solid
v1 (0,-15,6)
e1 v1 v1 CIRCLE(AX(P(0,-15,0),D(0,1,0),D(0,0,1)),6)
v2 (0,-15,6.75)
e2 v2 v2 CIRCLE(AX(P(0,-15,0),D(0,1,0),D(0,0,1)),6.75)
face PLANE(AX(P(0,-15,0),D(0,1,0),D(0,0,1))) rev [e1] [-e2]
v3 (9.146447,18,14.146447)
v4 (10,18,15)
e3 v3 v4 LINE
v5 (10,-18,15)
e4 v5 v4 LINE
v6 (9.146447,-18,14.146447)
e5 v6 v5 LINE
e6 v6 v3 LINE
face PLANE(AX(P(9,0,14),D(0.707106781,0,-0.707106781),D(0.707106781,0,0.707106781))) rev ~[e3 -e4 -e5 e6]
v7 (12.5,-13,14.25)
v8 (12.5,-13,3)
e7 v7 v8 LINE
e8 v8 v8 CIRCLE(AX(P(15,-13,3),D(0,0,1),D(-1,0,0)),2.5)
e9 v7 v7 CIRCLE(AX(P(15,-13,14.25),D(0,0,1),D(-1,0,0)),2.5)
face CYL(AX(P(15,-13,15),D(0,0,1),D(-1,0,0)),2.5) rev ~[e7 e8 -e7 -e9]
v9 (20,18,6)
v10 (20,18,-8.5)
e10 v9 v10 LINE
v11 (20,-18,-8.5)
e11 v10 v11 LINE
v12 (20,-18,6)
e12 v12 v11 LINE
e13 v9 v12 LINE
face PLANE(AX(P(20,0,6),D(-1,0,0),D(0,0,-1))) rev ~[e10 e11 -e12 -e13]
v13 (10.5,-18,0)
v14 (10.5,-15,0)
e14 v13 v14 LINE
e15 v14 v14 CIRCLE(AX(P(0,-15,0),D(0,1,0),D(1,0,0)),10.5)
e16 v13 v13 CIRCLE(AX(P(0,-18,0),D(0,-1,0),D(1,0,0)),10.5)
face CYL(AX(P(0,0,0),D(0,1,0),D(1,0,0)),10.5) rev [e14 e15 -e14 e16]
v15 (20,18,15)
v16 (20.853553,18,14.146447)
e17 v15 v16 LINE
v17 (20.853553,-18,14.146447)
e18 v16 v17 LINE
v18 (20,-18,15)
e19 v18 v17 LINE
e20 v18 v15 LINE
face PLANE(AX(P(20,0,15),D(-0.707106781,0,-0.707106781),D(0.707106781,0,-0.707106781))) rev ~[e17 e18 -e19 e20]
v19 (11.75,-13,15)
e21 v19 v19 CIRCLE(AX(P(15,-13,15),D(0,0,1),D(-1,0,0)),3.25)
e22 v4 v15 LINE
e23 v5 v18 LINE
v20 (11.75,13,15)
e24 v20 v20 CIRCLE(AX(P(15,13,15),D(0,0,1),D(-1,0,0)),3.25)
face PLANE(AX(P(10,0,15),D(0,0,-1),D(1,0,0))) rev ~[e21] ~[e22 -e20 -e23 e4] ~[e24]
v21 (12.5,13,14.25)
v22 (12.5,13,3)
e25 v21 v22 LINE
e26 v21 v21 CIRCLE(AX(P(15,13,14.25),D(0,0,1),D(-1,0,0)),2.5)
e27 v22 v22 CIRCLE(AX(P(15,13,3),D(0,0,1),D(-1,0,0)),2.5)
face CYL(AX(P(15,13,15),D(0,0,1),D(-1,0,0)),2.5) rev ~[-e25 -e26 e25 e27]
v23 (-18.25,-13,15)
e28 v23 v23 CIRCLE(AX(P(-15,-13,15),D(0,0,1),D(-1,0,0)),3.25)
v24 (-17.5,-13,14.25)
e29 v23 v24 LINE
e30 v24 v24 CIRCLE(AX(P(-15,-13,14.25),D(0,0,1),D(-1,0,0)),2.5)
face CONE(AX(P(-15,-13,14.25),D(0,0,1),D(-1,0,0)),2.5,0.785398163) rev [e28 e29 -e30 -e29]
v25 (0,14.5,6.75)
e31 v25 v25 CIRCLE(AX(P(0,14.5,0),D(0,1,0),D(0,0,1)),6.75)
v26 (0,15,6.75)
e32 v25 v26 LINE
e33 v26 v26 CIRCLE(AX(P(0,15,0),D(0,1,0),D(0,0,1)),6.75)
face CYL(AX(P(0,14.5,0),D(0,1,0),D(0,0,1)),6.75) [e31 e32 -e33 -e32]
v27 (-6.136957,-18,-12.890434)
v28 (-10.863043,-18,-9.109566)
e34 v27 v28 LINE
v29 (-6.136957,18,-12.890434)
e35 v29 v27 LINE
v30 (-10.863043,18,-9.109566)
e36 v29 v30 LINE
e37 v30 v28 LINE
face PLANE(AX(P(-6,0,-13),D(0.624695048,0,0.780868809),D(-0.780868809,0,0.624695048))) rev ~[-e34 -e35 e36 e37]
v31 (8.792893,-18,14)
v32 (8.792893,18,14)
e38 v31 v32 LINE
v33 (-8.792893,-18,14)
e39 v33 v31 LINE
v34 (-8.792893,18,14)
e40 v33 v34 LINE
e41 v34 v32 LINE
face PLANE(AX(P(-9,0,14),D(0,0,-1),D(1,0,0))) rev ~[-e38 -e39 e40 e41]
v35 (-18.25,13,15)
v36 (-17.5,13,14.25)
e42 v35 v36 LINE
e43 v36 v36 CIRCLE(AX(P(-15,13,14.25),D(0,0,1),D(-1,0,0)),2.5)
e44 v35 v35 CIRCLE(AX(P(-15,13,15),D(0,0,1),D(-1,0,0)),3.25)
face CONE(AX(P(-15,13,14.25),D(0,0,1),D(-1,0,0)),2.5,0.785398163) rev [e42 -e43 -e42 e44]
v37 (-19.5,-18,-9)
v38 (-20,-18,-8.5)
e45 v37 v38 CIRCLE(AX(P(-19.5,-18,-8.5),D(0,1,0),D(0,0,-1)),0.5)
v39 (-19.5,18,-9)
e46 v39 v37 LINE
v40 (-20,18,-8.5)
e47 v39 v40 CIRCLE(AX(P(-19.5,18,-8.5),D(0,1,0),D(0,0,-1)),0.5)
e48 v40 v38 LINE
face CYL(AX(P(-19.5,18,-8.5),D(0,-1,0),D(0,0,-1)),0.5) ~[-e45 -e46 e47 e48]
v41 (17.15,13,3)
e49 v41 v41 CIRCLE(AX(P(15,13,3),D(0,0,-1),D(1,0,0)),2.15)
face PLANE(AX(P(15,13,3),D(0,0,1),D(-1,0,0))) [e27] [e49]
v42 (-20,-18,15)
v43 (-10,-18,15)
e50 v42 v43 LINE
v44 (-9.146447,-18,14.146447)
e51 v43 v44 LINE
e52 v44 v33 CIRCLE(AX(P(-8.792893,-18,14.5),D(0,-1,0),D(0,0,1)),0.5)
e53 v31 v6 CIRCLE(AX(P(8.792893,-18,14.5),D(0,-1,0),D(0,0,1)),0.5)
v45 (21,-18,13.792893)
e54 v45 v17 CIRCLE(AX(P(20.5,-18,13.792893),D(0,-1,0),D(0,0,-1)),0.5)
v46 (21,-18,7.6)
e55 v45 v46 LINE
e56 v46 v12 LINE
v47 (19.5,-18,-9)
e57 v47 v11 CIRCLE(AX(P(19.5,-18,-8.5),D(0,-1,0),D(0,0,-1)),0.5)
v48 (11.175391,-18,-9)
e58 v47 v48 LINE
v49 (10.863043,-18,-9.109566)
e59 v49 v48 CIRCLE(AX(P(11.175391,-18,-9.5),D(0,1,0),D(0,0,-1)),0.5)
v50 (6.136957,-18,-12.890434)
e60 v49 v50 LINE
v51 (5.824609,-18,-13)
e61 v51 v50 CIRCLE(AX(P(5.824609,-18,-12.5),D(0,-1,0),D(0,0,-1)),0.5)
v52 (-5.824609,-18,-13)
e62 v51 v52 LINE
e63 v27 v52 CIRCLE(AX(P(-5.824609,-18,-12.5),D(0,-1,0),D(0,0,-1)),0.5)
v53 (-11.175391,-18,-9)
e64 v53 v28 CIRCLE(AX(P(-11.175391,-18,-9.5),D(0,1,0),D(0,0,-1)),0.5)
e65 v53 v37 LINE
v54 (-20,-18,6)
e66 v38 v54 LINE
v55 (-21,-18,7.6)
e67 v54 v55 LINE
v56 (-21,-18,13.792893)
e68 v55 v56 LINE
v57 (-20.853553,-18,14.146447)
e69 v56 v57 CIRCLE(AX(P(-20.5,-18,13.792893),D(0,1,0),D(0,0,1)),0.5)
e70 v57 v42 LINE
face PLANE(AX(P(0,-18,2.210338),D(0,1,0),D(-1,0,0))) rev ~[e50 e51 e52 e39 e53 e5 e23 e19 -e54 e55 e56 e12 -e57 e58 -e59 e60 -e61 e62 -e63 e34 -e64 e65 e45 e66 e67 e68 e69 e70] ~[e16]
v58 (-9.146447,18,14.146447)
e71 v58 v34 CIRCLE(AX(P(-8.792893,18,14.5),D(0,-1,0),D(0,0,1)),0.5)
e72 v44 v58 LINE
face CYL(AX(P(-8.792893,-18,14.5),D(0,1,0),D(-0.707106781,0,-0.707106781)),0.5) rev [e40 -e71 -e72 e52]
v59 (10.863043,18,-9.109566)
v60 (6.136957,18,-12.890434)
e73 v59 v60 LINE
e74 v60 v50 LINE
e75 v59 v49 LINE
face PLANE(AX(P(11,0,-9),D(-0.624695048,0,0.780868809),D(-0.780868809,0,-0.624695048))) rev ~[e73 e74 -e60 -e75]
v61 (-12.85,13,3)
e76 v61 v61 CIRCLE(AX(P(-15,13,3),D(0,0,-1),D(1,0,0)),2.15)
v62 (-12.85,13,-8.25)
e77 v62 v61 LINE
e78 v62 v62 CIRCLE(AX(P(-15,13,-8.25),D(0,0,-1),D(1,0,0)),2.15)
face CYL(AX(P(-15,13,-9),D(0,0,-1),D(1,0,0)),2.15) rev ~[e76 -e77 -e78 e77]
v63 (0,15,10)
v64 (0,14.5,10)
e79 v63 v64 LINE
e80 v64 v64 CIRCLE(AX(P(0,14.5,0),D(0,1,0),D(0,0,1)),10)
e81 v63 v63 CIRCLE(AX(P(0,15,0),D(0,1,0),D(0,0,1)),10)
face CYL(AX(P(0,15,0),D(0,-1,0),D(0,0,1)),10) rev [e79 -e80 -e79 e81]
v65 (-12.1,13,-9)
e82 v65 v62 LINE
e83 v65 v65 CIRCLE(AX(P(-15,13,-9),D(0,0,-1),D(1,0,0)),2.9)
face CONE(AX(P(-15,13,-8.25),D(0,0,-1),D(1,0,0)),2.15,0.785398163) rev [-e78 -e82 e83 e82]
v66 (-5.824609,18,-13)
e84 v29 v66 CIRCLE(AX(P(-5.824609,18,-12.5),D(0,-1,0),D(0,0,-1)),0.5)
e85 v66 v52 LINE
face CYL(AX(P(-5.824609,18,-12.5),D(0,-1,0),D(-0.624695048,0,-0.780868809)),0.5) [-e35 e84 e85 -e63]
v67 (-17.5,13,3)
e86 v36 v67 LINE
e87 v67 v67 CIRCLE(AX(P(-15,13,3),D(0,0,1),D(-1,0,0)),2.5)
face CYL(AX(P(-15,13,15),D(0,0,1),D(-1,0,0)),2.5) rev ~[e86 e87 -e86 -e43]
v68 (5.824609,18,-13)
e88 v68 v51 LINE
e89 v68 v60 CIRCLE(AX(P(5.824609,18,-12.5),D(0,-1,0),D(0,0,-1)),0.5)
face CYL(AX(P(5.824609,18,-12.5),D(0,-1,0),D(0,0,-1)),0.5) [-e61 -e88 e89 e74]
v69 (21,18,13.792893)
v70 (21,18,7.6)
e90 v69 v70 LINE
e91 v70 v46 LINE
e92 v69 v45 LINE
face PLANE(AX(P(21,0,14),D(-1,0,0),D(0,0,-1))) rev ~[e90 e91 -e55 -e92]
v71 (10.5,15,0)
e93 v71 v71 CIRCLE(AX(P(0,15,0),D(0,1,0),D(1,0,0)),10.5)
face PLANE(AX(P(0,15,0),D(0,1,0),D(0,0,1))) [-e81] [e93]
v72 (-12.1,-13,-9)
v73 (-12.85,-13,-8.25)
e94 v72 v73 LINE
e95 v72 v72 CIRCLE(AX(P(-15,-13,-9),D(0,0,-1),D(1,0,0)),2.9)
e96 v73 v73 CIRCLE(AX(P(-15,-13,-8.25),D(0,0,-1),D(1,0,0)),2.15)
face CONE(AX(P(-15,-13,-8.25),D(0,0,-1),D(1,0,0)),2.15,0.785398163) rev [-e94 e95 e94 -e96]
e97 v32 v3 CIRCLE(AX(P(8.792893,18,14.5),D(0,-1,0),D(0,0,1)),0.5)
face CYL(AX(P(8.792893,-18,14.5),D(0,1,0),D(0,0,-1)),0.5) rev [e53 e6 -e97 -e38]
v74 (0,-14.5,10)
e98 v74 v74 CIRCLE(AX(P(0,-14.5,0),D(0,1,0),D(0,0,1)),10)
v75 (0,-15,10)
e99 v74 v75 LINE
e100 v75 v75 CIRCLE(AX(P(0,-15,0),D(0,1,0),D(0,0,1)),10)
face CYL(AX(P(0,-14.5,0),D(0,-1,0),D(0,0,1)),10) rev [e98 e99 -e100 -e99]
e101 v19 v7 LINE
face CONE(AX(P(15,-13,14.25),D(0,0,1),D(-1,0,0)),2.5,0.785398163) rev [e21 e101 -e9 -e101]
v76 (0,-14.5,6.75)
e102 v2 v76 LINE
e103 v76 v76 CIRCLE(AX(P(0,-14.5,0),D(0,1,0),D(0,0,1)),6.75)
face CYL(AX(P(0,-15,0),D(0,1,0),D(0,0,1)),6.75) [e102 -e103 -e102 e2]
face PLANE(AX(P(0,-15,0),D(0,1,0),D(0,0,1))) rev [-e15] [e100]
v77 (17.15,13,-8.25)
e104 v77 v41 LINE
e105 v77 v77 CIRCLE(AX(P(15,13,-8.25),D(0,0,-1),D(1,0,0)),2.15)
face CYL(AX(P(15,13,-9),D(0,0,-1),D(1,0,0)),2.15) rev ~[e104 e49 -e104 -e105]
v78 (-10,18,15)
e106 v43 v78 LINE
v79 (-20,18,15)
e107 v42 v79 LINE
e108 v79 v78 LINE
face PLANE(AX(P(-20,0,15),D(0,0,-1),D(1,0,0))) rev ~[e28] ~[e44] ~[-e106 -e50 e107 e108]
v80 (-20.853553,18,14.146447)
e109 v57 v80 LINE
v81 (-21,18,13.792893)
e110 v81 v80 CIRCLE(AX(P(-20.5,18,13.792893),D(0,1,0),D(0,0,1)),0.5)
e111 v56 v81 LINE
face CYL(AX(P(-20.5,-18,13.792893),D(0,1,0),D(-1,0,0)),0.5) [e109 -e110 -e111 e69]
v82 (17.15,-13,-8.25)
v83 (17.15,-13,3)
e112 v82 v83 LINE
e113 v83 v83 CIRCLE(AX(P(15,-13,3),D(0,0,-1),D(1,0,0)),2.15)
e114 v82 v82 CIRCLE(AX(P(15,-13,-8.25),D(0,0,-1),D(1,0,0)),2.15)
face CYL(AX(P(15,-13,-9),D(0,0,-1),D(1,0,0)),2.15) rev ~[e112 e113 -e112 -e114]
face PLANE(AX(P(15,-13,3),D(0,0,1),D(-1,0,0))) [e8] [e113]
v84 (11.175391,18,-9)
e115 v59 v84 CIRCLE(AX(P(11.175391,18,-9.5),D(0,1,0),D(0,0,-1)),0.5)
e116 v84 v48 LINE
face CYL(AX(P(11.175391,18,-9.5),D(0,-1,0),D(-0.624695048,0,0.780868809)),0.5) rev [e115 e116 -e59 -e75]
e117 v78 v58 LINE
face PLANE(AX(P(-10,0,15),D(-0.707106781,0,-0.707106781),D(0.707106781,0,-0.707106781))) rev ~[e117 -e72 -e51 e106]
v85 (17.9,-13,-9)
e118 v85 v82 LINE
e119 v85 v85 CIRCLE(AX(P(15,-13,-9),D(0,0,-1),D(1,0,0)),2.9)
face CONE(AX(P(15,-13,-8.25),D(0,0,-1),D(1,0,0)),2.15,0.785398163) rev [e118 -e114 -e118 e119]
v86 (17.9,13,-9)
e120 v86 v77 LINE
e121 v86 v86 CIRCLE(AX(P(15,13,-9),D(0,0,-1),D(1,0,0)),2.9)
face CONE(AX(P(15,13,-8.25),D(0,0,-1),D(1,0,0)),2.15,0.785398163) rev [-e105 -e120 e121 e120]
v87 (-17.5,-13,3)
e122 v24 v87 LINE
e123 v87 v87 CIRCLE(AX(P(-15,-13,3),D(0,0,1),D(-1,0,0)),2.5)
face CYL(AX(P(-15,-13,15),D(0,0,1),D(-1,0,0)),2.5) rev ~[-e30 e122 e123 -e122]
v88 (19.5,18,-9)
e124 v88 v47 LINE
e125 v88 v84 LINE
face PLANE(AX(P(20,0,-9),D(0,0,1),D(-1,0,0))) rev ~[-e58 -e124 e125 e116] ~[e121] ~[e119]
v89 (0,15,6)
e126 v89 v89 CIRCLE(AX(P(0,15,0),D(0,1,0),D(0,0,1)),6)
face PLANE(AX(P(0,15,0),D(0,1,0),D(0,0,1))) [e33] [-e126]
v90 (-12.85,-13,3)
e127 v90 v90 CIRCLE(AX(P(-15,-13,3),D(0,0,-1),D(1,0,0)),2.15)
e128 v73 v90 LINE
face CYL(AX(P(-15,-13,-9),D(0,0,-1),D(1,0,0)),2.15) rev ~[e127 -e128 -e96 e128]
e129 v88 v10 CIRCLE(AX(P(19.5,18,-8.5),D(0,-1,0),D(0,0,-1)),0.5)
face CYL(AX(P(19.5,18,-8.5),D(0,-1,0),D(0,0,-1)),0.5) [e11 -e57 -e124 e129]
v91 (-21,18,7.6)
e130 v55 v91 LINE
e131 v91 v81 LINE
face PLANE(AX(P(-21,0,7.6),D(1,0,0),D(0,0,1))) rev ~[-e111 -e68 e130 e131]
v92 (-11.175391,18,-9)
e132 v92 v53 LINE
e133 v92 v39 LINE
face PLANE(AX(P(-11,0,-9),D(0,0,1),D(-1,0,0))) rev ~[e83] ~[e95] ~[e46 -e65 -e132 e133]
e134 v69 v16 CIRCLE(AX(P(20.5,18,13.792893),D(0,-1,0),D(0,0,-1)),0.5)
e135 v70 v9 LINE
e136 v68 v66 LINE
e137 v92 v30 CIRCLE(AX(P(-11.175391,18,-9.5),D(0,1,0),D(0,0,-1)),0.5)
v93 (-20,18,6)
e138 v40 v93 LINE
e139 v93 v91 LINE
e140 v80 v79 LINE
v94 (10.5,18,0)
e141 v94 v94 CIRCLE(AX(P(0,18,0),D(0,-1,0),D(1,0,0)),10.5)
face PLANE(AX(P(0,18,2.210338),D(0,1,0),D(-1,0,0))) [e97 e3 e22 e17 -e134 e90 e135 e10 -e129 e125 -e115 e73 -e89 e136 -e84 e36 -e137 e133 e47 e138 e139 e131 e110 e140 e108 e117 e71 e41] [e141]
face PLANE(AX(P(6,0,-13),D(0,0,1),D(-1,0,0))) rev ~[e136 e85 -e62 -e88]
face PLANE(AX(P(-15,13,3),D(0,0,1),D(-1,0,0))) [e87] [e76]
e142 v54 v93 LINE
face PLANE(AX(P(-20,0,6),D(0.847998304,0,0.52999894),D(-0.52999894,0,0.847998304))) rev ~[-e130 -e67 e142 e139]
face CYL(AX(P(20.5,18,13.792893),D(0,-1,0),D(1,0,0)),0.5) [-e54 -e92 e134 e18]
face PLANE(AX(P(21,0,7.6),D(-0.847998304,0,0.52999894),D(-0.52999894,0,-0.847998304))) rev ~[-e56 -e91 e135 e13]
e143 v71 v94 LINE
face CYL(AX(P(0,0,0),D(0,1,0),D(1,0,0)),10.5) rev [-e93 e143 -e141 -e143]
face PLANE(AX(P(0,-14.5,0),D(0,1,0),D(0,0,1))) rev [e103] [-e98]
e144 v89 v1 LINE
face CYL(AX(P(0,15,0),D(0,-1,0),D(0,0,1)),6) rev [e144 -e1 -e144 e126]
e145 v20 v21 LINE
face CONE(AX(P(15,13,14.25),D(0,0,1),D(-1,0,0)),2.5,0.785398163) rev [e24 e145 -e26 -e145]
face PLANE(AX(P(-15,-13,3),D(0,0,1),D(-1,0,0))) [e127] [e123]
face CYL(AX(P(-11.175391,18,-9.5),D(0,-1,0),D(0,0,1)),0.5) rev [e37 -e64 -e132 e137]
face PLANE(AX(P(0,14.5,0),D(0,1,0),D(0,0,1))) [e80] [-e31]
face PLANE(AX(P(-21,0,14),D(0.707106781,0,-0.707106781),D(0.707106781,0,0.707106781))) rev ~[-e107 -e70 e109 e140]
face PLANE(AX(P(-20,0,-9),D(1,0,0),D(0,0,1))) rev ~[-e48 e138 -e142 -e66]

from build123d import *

# Parameters (mm, degrees)
SKETCH_R        = 10.5
PAD_DEPTH       = 18
SKETCH002_R     = 2.5
POCKET_DEPTH    = 12
SKETCH003_R     = 2.15
POCKET001_DEPTH = 24.001
CHAMFER_SIZE    = 0.75
CHAMFER001_SIZE = 0.75
FILLET_R        = 0.5


with BuildPart() as casing_fillet:
    # Sketch → Pad (new body, symmetric)
    with BuildSketch(Plane.XZ):
        Polygon((-20, -9), (-20, 6), (-21, 7.6), (-21, 14), (-20, 15), (-10, 15), (-9, 14), (9, 14), (10, 15), (20, 15), (21, 14), (21, 7.6), (20, 6), (20, -9), (11, -9), (6, -13), (-6, -13), (-11, -9), align=None)
        Circle(SKETCH_R, mode=Mode.SUBTRACT)
    extrude(amount=PAD_DEPTH, both=True)

    # Sketch002 → Pocket (cut)
    with BuildSketch(Plane(origin=(0, 0, 15), x_dir=(-1, 0, 0), z_dir=(0, 0, 1))):
        with Locations((-15, 13)):
            Circle(SKETCH002_R)
        with Locations((15, 13)):
            Circle(SKETCH002_R)
        with Locations((-15, -13)):
            Circle(SKETCH002_R)
        with Locations((15, -13)):
            Circle(SKETCH002_R)
    extrude(amount=-POCKET_DEPTH, mode=Mode.SUBTRACT)

    # Sketch003 → Pocket001 (cut, through all)
    with BuildSketch(Plane(origin=(0, 0, -9), x_dir=(1, 0, 0), z_dir=(0, 0, -1))):
        with Locations((-15, 13)):
            Circle(SKETCH003_R)
        with Locations((15, 13)):
            Circle(SKETCH003_R)
        with Locations((15, -13)):
            Circle(SKETCH003_R)
        with Locations((-15, -13)):
            Circle(SKETCH003_R)
    extrude(amount=-POCKET001_DEPTH, mode=Mode.SUBTRACT)

    # Chamfer
    chamfer_edges = [casing_fillet.edges().sort_by_distance(p)[0] for p in [
        (-12.5, -13, 15),
        (-12.5, 13, 15),
        (17.5, 13, 15),
        (17.5, -13, 15),
    ]]
    chamfer(chamfer_edges, length=CHAMFER_SIZE)

    # Chamfer001
    chamfer001_edges = [casing_fillet.edges().sort_by_distance(p)[0] for p in [
        (12.85, 13, -9),
        (-17.15, 13, -9),
        (-17.15, -13, -9),
        (12.85, -13, -9),
    ]]
    chamfer(chamfer001_edges, length=CHAMFER001_SIZE)

    # Fillet
    fillet_edges = [casing_fillet.edges().sort_by_distance(p)[0] for p in [
        (-9, 0, 14),
        (9, 0, 14),
        (21, 0, 14),
        (20, 0, -9),
        (6, 0, -13),
        (11, 0, -9),
        (-6, 0, -13),
        (-11, 0, -9),
        (-20, 0, -9),
        (-21, 0, 14),
    ]]
    fillet(fillet_edges, radius=FILLET_R)


with BuildPart() as sc12uu:
    # Sketch001 → Revolution (revolve)
    with BuildSketch(Plane.YZ):
        Polygon((-15, 11), (15, 11), (15, 10), (14.5, 10), (14.5, 6.75), (15, 6.75), (15, 6), (-15, 6), (-15, 6.75), (-14.5, 6.75), (-14.5, 10), (-15, 10), align=None)
    revolve(axis=Axis((0, 0, 0), (0, 1, 0)))

    # Fusion: union casing-fillet
    add(casing_fillet.part)


solid = sc12uu.part
